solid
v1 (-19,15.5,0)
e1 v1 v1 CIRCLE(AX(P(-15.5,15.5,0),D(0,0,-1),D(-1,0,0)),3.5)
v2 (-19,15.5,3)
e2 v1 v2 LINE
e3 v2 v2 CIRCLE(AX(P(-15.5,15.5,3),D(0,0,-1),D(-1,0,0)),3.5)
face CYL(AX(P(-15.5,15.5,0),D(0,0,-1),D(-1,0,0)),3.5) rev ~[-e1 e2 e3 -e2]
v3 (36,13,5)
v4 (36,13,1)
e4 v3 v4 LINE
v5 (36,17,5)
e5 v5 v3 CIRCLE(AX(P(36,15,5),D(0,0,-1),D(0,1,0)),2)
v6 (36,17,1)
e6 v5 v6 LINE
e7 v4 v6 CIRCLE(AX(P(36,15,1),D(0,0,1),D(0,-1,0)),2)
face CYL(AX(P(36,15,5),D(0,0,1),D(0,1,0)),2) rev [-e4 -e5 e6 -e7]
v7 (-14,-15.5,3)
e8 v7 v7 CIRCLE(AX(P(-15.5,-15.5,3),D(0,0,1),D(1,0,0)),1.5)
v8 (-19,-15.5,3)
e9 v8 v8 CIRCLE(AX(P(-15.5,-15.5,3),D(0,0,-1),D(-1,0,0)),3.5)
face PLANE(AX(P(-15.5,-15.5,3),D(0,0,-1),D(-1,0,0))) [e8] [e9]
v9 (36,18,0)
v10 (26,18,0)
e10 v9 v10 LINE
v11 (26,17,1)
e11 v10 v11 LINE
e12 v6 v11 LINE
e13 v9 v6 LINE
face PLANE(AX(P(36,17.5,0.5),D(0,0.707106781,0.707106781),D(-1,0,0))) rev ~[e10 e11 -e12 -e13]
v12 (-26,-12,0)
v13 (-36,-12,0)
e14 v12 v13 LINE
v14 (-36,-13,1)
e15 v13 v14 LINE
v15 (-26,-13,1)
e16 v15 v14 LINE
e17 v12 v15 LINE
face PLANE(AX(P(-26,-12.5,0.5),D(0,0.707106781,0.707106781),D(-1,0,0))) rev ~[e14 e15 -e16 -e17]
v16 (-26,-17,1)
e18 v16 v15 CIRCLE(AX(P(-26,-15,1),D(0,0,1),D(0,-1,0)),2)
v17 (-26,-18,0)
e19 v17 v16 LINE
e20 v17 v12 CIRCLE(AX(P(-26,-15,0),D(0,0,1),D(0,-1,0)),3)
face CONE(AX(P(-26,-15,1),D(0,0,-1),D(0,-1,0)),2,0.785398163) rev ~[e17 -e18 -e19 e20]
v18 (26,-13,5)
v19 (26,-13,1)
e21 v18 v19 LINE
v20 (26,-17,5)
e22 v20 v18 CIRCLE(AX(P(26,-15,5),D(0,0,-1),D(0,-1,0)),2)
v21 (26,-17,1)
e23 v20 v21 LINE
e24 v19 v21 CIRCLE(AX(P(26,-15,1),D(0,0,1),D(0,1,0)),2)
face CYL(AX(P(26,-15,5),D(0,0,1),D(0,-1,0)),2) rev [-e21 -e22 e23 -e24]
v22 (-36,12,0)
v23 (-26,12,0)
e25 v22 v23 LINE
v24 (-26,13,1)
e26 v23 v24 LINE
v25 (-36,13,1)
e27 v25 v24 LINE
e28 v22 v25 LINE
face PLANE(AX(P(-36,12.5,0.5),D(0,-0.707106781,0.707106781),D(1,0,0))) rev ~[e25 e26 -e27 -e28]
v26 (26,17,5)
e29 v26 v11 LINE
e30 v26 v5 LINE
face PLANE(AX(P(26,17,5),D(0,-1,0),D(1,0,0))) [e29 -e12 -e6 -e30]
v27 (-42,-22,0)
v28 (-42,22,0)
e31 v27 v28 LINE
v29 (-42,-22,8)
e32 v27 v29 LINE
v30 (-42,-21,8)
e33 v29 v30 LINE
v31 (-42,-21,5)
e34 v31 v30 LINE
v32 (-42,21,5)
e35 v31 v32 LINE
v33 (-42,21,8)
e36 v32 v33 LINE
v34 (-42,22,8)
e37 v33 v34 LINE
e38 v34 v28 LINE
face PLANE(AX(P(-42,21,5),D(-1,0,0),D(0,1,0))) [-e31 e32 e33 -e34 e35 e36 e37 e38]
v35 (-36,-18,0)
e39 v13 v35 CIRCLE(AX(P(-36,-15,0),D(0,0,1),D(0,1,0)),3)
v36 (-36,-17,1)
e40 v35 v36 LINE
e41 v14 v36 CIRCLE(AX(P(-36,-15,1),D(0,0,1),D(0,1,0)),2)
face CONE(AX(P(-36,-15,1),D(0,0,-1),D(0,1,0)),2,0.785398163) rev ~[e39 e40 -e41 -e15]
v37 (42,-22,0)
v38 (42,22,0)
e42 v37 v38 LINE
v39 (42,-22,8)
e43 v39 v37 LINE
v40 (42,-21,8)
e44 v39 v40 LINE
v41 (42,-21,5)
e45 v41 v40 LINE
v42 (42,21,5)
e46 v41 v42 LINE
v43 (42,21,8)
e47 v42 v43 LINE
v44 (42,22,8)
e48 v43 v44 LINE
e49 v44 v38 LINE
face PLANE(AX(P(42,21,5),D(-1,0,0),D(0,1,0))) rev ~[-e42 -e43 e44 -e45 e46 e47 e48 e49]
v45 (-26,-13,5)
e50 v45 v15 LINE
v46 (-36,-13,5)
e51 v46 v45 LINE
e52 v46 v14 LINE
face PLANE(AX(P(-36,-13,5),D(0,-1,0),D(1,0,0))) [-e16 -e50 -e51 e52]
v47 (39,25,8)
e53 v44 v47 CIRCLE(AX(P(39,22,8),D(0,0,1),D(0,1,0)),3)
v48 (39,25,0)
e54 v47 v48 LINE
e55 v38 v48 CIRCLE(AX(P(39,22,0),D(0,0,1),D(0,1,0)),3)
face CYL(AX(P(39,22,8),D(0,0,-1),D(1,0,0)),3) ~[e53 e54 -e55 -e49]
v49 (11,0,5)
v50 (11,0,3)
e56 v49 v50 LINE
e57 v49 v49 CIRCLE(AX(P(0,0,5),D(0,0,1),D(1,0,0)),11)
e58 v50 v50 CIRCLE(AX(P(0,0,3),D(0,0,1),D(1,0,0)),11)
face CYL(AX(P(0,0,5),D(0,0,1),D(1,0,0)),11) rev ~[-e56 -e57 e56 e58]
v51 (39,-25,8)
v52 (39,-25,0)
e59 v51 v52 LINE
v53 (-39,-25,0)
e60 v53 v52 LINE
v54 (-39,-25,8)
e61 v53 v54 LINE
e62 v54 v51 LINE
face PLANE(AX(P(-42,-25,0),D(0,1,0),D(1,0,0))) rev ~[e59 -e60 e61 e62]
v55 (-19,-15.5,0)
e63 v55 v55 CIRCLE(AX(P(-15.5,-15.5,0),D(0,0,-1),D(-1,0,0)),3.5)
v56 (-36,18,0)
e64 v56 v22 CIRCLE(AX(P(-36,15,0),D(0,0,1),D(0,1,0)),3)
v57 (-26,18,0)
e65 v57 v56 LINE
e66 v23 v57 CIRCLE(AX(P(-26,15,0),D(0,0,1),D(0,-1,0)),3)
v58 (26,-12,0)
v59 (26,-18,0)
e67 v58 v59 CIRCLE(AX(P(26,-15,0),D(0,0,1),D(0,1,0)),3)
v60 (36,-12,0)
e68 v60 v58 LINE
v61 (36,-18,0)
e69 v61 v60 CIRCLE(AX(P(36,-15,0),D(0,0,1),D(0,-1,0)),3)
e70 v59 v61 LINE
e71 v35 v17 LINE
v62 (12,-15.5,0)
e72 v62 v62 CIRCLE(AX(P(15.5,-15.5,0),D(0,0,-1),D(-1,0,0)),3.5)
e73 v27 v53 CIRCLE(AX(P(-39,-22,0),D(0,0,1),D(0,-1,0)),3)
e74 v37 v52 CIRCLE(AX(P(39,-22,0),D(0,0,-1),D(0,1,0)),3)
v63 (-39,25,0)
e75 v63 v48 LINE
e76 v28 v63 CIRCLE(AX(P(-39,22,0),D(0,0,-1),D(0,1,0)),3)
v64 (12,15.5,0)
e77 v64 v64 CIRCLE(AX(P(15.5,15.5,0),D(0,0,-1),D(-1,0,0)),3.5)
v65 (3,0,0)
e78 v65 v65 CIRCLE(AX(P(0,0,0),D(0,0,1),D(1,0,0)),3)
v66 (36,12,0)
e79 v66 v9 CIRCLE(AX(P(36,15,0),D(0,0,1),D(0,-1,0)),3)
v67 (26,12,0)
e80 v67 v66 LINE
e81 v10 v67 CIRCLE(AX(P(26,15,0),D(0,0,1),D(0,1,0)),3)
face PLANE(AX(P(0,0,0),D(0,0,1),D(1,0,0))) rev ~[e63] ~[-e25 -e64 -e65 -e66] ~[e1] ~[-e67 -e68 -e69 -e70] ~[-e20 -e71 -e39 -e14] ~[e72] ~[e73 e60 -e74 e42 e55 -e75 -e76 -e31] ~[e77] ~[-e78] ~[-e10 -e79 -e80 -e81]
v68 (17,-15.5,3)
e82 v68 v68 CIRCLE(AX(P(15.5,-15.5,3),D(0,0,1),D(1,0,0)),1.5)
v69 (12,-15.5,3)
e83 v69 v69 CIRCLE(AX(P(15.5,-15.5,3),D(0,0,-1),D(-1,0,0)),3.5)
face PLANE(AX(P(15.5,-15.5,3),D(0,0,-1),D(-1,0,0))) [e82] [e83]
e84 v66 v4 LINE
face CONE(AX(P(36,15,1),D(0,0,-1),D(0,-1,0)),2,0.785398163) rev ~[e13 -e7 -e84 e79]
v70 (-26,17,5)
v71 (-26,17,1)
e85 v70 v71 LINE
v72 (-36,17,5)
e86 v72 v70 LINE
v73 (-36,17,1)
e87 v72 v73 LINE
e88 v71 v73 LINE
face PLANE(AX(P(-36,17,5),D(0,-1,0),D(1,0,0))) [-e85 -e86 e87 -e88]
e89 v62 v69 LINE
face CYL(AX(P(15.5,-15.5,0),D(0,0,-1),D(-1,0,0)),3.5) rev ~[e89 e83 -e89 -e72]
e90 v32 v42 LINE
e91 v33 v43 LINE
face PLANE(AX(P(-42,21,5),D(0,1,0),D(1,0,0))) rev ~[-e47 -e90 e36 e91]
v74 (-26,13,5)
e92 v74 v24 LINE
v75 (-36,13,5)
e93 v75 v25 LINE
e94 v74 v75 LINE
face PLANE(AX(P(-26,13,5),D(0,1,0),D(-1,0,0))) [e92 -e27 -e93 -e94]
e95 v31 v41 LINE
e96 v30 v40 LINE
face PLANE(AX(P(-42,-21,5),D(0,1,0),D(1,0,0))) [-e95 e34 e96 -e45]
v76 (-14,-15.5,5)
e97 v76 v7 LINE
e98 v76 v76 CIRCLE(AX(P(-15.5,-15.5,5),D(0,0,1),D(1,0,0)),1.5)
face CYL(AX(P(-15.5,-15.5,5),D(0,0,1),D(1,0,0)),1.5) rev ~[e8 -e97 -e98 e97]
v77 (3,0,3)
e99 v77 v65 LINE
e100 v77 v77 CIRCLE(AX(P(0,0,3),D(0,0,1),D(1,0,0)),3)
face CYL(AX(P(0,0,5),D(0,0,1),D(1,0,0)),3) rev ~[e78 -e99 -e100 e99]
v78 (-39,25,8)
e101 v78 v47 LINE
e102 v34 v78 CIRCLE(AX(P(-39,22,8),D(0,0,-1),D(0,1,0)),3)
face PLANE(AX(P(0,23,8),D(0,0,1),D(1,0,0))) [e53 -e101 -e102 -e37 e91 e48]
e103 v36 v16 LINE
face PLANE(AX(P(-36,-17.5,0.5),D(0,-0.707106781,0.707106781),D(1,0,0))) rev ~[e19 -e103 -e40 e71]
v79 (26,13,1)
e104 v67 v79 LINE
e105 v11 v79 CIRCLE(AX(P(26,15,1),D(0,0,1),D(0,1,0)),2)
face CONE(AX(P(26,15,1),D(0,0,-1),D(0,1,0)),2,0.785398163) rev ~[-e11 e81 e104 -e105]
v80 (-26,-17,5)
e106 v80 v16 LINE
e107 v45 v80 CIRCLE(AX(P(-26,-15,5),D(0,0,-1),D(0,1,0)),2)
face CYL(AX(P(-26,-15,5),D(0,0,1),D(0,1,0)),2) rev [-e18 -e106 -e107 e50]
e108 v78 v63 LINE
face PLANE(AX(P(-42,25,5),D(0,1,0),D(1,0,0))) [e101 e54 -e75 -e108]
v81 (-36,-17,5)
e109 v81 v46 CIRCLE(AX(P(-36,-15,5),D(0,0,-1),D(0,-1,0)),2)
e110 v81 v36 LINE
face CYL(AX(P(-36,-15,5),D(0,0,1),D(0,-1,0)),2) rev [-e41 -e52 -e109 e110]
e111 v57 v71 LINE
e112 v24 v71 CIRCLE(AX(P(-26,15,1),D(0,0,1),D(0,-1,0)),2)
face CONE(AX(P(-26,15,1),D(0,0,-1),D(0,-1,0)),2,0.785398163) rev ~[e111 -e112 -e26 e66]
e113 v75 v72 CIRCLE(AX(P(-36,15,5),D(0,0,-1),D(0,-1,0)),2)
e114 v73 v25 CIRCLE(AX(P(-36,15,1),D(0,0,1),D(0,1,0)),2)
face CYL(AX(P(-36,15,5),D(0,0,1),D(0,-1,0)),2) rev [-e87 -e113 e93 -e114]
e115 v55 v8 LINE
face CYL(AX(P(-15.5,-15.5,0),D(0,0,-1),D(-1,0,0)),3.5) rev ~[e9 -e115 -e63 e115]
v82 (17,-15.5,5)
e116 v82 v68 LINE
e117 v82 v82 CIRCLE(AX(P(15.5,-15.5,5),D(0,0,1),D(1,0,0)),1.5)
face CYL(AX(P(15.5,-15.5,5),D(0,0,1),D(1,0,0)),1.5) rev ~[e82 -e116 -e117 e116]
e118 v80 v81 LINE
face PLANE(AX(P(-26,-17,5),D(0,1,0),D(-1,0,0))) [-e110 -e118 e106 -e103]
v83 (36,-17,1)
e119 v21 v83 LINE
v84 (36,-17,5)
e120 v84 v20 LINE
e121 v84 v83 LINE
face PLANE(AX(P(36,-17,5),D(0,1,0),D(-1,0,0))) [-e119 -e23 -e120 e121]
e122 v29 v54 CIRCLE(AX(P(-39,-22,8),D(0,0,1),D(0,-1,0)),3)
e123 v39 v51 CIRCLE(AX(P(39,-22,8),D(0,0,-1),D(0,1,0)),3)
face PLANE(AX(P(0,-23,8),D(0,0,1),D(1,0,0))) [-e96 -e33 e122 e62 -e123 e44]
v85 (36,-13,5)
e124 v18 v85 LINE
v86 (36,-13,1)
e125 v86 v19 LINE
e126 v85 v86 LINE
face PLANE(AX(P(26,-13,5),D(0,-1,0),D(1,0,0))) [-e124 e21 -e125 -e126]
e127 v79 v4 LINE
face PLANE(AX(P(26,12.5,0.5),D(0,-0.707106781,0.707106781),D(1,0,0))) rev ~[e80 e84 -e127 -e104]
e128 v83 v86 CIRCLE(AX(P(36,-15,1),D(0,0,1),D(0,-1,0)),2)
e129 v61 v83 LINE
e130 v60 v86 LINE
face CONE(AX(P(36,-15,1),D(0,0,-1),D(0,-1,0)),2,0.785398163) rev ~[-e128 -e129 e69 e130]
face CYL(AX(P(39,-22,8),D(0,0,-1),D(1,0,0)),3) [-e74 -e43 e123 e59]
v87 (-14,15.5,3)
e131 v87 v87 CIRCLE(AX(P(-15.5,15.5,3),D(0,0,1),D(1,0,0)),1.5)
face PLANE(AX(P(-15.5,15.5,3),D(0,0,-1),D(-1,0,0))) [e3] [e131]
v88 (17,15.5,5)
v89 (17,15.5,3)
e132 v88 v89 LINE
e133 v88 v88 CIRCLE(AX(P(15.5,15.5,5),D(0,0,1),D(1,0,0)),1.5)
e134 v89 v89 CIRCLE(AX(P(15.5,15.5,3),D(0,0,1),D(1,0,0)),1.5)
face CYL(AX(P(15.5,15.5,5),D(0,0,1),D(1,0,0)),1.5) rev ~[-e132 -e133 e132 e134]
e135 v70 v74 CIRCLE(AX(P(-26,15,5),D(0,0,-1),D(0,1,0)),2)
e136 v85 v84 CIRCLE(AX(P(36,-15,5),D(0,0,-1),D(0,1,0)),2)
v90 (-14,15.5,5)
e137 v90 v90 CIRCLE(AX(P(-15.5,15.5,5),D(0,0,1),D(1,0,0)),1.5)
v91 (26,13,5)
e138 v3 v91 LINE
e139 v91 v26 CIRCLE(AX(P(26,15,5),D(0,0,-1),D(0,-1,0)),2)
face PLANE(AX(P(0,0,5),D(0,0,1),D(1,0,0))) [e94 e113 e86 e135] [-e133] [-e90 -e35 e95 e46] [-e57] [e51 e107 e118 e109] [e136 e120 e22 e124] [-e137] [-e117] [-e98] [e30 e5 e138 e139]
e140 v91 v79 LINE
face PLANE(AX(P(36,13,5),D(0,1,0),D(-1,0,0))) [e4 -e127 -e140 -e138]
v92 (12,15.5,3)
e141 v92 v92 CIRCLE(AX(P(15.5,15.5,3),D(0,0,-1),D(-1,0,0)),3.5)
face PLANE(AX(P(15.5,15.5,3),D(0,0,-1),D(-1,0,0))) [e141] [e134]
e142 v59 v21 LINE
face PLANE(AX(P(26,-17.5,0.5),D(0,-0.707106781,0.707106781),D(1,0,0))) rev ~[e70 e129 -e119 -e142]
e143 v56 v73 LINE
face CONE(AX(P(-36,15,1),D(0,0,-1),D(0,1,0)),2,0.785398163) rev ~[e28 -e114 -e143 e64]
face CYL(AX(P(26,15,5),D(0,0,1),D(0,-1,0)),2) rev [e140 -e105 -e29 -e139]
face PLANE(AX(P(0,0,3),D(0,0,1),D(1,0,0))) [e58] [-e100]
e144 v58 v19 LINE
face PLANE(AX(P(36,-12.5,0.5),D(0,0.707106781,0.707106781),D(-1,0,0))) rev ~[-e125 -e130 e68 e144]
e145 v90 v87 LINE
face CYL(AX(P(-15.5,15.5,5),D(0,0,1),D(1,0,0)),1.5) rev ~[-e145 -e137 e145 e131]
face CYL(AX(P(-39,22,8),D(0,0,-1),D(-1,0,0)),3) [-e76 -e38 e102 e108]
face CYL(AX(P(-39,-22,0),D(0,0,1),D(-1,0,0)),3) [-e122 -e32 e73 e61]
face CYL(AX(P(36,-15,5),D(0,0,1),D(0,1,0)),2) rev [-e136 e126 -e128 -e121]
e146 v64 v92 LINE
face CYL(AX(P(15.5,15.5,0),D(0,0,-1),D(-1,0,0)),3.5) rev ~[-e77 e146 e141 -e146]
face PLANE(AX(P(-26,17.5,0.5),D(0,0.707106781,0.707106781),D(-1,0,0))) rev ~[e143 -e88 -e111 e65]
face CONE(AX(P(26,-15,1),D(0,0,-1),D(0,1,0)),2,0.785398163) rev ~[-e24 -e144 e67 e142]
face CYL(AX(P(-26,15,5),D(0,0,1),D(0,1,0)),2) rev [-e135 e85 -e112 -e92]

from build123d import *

# Parameters (mm, degrees)
CROQUIS1_W              = 84
CROQUIS1_H              = 50
SALIENTE_EXTRUIR1_DEPTH = 5
CORTAR_EXTRUIR5_DEPTH   = 50.132473986
CROQUIS2_R              = 3
CORTAR_EXTRUIR1_DEPTH   = 50.132473986
CROQUIS3_R              = 11
CORTAR_EXTRUIR2_DEPTH   = 2
CROQUIS4_R              = 1.5
CORTAR_EXTRUIR3_DEPTH   = 50.132473986
CROQUIS5_R              = 3.5
CORTAR_EXTRUIR4_DEPTH   = 3
CROQUIS7_W              = 84
CROQUIS7_H              = 4
SALIENTE_EXTRUIR2_DEPTH = 3
REDONDEO1_R             = 3
CHAFL_N1_SIZE           = 1


with BuildPart() as part:
    # Croquis1 → Saliente-Extruir1 (new body)
    with BuildSketch(Plane.XY):
        Rectangle(CROQUIS1_W, CROQUIS1_H)
    extrude(amount=SALIENTE_EXTRUIR1_DEPTH)

    # Croquis6 → Cortar-Extruir5 (cut, through all)
    with BuildSketch(Plane.XY.offset(5)):
        with BuildLine():
            Line((-36, 17), (-26, 17))
            ThreePointArc((-26, 17), (-24, 15), (-26, 13))
            Line((-26, 13), (-36, 13))
            ThreePointArc((-36, 13), (-38, 15), (-36, 17))
        make_face()
        with BuildLine():
            Line((36, 13), (26, 13))
            ThreePointArc((26, 13), (24, 15), (26, 17))
            Line((26, 17), (36, 17))
            ThreePointArc((36, 17), (38, 15), (36, 13))
        make_face()
        with BuildLine():
            Line((36, -17), (26, -17))
            ThreePointArc((26, -17), (24, -15), (26, -13))
            Line((26, -13), (36, -13))
            ThreePointArc((36, -13), (38, -15), (36, -17))
        make_face()
        with BuildLine():
            Line((-36, -13), (-26, -13))
            ThreePointArc((-26, -13), (-24, -15), (-26, -17))
            Line((-26, -17), (-36, -17))
            ThreePointArc((-36, -17), (-38, -15), (-36, -13))
        make_face()
    extrude(amount=-CORTAR_EXTRUIR5_DEPTH, mode=Mode.SUBTRACT)

    # Croquis2 → Cortar-Extruir1 (cut, through all)
    with BuildSketch(Plane.XY.offset(5)):
        Circle(CROQUIS2_R)
    extrude(amount=-CORTAR_EXTRUIR1_DEPTH, mode=Mode.SUBTRACT)

    # Croquis3 → Cortar-Extruir2 (cut)
    with BuildSketch(Plane.XY.offset(5)):
        Circle(CROQUIS3_R)
    extrude(amount=-CORTAR_EXTRUIR2_DEPTH, mode=Mode.SUBTRACT)

    # Croquis4 → Cortar-Extruir3 (cut, through all)
    with BuildSketch(Plane.XY.offset(5)):
        with Locations((15.5, 15.5)):
            Circle(CROQUIS4_R)
        with Locations((-15.5, 15.5)):
            Circle(CROQUIS4_R)
        with Locations((-15.5, -15.5)):
            Circle(CROQUIS4_R)
        with Locations((15.5, -15.5)):
            Circle(CROQUIS4_R)
    extrude(amount=-CORTAR_EXTRUIR3_DEPTH, mode=Mode.SUBTRACT)

    # Croquis5 → Cortar-Extruir4 (cut)
    with BuildSketch(Plane(origin=(0, 0, 0), x_dir=(-1, 0, 0), z_dir=(0, 0, -1))):
        with Locations((-15.5, 15.5)):
            Circle(CROQUIS5_R)
        with Locations((15.5, 15.5)):
            Circle(CROQUIS5_R)
        with Locations((15.5, -15.5)):
            Circle(CROQUIS5_R)
        with Locations((-15.5, -15.5)):
            Circle(CROQUIS5_R)
    extrude(amount=-CORTAR_EXTRUIR4_DEPTH, mode=Mode.SUBTRACT)

    # Croquis7 → Saliente-Extruir2 (add)
    with BuildSketch(Plane.XY.offset(5)):
        with Locations((0, 23)):
            Rectangle(CROQUIS7_W, CROQUIS7_H)
        with Locations((0, -23)):
            Rectangle(CROQUIS7_W, CROQUIS7_H)
    extrude(amount=SALIENTE_EXTRUIR2_DEPTH)

    # Redondeo1
    redondeo1_edges = [part.edges().sort_by_distance(p)[0] for p in [
        (42, -25, 4),
        (-42, -25, 4),
        (-42, 25, 4),
        (42, 25, 4),
    ]]
    fillet(redondeo1_edges, radius=REDONDEO1_R)

    # Chaflán1
    chafl_n1_edges = [part.edges().sort_by_distance(p)[0] for p in [
        (-38, 15, 0),
        (-31, 17, 0),
        (-24, 15, 0),
        (-31, 13, 0),
        (38, 15, 0),
        (31, 13, 0),
        (24, 15, 0),
        (31, 17, 0),
        (38, -15, 0),
        (31, -17, 0),
        (24, -15, 0),
        (31, -13, 0),
        (-38, -15, 0),
        (-31, -13, 0),
        (-24, -15, 0),
        (-31, -17, 0),
    ]]
    chamfer(chafl_n1_edges, length=CHAFL_N1_SIZE)


solid = part.part
